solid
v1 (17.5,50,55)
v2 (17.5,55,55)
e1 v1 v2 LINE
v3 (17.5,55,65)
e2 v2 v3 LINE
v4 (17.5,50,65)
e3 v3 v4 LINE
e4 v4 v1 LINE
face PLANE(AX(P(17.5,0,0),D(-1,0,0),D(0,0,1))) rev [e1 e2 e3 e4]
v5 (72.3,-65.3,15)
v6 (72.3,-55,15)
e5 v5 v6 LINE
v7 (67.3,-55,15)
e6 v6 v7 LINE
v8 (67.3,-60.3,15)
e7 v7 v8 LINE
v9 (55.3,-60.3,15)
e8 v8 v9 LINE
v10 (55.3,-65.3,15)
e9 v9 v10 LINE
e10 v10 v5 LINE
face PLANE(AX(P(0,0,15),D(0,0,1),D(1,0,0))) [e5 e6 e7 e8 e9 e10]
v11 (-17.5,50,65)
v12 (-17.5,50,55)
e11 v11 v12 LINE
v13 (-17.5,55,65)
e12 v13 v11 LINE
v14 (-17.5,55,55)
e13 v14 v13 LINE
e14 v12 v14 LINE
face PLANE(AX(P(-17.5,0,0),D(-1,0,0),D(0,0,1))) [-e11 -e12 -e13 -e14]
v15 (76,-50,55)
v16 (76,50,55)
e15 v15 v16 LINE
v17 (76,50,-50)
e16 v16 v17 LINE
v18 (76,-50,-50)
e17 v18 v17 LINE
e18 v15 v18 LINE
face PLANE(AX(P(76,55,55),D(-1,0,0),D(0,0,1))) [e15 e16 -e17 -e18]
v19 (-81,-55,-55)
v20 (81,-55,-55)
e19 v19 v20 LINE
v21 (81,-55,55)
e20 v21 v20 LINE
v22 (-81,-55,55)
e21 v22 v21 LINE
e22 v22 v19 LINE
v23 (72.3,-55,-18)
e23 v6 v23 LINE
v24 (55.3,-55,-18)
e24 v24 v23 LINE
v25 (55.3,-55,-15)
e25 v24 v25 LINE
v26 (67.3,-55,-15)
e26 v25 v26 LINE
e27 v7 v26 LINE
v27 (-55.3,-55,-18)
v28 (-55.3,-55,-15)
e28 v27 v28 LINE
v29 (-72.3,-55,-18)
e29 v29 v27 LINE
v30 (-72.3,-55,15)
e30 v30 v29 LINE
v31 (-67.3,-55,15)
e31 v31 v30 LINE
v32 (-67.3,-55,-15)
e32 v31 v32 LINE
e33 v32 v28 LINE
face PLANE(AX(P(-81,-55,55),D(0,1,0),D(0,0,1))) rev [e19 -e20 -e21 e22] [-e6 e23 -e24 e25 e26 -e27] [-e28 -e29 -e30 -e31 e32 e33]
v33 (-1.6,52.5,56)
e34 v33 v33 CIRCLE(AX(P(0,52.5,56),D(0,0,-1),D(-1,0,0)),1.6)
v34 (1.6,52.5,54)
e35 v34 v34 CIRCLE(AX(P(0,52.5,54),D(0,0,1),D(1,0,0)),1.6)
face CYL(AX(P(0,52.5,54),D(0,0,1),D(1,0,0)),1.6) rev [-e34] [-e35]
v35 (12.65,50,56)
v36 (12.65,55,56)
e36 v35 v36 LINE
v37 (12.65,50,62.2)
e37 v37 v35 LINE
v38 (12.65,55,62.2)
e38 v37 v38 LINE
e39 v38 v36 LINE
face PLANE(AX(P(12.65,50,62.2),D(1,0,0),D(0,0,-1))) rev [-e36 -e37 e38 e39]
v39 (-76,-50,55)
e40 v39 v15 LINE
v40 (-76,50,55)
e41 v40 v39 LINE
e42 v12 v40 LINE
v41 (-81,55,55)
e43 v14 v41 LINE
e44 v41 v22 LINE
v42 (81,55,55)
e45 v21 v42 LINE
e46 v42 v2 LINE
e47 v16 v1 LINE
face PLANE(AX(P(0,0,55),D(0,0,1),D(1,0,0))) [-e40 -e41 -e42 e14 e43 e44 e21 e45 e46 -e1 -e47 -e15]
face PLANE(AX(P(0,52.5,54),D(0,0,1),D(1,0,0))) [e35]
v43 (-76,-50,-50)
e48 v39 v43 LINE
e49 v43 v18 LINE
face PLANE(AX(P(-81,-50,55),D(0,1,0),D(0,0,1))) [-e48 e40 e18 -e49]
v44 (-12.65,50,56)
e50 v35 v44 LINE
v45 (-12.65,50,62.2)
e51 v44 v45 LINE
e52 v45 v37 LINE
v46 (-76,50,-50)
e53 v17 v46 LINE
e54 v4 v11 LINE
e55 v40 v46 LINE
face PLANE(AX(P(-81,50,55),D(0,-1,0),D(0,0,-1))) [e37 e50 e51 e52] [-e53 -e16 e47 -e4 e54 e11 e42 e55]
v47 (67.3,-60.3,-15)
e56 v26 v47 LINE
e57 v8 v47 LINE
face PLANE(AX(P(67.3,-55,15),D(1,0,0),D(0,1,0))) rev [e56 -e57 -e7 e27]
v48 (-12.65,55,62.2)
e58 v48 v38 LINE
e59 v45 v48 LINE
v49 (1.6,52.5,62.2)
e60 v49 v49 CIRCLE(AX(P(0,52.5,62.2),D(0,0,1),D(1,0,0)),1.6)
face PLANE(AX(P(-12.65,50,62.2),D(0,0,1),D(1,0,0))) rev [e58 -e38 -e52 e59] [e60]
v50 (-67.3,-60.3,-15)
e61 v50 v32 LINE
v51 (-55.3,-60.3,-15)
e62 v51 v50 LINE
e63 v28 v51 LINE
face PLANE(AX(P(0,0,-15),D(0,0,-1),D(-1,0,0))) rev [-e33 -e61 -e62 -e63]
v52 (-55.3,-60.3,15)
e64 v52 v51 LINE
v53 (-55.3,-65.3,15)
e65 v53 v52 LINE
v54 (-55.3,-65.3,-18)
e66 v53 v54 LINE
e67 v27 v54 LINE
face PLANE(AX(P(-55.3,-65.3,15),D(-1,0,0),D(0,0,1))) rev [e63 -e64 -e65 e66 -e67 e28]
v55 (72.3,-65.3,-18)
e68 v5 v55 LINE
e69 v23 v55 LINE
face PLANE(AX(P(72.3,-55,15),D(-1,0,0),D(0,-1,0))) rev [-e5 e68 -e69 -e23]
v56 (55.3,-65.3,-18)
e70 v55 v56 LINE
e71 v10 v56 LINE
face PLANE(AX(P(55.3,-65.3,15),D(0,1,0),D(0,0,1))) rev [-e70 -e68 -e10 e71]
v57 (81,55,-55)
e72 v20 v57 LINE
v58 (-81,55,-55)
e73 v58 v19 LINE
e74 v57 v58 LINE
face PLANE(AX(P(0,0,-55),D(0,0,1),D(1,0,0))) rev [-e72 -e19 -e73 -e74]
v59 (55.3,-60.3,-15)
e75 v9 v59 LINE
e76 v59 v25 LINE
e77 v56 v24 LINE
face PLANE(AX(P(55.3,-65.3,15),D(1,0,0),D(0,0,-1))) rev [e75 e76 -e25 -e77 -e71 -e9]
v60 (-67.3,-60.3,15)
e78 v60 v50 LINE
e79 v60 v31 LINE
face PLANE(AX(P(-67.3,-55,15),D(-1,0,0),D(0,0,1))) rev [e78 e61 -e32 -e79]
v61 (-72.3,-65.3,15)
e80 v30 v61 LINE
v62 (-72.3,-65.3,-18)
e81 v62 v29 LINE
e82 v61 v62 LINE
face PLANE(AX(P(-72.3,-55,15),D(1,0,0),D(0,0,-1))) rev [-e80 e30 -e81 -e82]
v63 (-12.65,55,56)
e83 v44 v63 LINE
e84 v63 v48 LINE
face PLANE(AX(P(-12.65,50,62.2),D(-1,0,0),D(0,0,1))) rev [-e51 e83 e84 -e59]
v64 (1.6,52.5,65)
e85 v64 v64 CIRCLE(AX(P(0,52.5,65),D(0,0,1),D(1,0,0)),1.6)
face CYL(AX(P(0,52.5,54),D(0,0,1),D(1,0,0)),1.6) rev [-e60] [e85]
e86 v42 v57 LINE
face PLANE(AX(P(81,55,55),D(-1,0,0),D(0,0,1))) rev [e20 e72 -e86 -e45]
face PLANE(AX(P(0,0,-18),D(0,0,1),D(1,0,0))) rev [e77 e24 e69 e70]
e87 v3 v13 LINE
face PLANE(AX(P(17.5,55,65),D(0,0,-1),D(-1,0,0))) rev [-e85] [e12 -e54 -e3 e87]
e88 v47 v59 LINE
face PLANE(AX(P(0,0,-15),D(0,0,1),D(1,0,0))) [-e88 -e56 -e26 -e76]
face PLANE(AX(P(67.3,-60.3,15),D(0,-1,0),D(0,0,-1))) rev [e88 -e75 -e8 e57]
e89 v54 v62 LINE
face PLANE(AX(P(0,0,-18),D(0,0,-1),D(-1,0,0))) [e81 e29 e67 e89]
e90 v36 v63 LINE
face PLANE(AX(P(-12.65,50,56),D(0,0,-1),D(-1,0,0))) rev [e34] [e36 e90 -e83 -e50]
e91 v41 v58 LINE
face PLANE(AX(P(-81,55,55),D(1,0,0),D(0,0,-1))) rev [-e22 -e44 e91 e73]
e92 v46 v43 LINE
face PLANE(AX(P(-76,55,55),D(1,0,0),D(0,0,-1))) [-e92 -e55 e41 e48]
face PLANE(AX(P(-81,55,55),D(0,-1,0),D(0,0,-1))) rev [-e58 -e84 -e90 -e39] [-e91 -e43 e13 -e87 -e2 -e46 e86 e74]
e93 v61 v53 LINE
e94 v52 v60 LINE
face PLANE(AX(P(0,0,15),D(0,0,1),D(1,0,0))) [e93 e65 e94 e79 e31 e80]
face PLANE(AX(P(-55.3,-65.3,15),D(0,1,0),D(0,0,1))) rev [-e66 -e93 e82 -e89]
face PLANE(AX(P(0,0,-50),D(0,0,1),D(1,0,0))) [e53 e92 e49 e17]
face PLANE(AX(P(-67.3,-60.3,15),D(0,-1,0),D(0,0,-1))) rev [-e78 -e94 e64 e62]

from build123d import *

# Parameters (mm, degrees)
SKETCH1_W           = 162
SKETCH1_H           = 110
BOSS_EXTRUDE1_DEPTH = 55
SHELL1_T            = -5
BOSS_EXTRUDE3_DEPTH = 15
SKETCH6_W           = 17
SKETCH6_H           = 10.3
BOSS_EXTRUDE4_DEPTH = 3
SKETCH8_W           = 10
SKETCH8_H           = 5
BOSS_EXTRUDE5_DEPTH = 17.5
SKETCH9_W           = 25.3
SKETCH9_H           = 6.2
CUT_EXTRUDE1_DEPTH  = 5
SKETCH10_R          = 1.6
CUT_EXTRUDE2_DEPTH  = 11


with BuildPart() as part:
    # Sketch1 → Boss-Extrude1 (new, symmetric)
    with BuildSketch(Plane.XY):
        Rectangle(SKETCH1_W, SKETCH1_H)
    extrude(amount=BOSS_EXTRUDE1_DEPTH, both=True)

    # Shell1
    shell1_openings = [part.faces().sort_by_distance(p)[0] for p in [
        (0, 0, 55),
    ]]
    offset(amount=SHELL1_T, openings=shell1_openings, kind=Kind.INTERSECTION)

    # Sketch5 → Boss-Extrude3 (add, symmetric)
    with BuildSketch(Plane.XY):
        Polygon((-67.3, -55), (-67.3, -60.3), (-55.3, -60.3), (-55.3, -65.3), (-72.3, -65.3), (-72.3, -55), align=None)
        Polygon((67.3, -55), (67.3, -60.3), (55.3, -60.3), (55.3, -65.3), (72.3, -65.3), (72.3, -55), align=None)
    extrude(amount=BOSS_EXTRUDE3_DEPTH, both=True)

    # Sketch6 → Boss-Extrude4 (add)
    with BuildSketch(Plane(origin=(0, 0, -15), x_dir=(-1, 0, 0), z_dir=(0, 0, -1))):
        with Locations((63.8, -60.15)):
            Rectangle(SKETCH6_W, SKETCH6_H)
        with Locations((-63.8, -60.15)):
            Rectangle(SKETCH6_W, SKETCH6_H)
    extrude(amount=BOSS_EXTRUDE4_DEPTH)

    # Sketch8 → Boss-Extrude5 (add, symmetric)
    with BuildSketch(Plane(origin=(0, 0, 0), x_dir=(0, 0, -1), z_dir=(1, 0, 0))):
        with Locations((-60, 52.5)):
            Rectangle(SKETCH8_W, SKETCH8_H)
    extrude(amount=BOSS_EXTRUDE5_DEPTH, both=True)

    # Sketch9 → Cut-Extrude1 (cut)
    with BuildSketch(Plane(origin=(0, 55, 0), x_dir=(1, 0, 0), z_dir=(0, 1, 0))):
        with Locations((0, -59.1)):
            Rectangle(SKETCH9_W, SKETCH9_H)
    extrude(amount=-CUT_EXTRUDE1_DEPTH, mode=Mode.SUBTRACT)

    # Sketch10 → Cut-Extrude2 (cut)
    with BuildSketch(Plane.XY.offset(65)):
        with Locations((0, 52.5)):
            Circle(SKETCH10_R)
    extrude(amount=-CUT_EXTRUDE2_DEPTH, mode=Mode.SUBTRACT)


solid = part.part
